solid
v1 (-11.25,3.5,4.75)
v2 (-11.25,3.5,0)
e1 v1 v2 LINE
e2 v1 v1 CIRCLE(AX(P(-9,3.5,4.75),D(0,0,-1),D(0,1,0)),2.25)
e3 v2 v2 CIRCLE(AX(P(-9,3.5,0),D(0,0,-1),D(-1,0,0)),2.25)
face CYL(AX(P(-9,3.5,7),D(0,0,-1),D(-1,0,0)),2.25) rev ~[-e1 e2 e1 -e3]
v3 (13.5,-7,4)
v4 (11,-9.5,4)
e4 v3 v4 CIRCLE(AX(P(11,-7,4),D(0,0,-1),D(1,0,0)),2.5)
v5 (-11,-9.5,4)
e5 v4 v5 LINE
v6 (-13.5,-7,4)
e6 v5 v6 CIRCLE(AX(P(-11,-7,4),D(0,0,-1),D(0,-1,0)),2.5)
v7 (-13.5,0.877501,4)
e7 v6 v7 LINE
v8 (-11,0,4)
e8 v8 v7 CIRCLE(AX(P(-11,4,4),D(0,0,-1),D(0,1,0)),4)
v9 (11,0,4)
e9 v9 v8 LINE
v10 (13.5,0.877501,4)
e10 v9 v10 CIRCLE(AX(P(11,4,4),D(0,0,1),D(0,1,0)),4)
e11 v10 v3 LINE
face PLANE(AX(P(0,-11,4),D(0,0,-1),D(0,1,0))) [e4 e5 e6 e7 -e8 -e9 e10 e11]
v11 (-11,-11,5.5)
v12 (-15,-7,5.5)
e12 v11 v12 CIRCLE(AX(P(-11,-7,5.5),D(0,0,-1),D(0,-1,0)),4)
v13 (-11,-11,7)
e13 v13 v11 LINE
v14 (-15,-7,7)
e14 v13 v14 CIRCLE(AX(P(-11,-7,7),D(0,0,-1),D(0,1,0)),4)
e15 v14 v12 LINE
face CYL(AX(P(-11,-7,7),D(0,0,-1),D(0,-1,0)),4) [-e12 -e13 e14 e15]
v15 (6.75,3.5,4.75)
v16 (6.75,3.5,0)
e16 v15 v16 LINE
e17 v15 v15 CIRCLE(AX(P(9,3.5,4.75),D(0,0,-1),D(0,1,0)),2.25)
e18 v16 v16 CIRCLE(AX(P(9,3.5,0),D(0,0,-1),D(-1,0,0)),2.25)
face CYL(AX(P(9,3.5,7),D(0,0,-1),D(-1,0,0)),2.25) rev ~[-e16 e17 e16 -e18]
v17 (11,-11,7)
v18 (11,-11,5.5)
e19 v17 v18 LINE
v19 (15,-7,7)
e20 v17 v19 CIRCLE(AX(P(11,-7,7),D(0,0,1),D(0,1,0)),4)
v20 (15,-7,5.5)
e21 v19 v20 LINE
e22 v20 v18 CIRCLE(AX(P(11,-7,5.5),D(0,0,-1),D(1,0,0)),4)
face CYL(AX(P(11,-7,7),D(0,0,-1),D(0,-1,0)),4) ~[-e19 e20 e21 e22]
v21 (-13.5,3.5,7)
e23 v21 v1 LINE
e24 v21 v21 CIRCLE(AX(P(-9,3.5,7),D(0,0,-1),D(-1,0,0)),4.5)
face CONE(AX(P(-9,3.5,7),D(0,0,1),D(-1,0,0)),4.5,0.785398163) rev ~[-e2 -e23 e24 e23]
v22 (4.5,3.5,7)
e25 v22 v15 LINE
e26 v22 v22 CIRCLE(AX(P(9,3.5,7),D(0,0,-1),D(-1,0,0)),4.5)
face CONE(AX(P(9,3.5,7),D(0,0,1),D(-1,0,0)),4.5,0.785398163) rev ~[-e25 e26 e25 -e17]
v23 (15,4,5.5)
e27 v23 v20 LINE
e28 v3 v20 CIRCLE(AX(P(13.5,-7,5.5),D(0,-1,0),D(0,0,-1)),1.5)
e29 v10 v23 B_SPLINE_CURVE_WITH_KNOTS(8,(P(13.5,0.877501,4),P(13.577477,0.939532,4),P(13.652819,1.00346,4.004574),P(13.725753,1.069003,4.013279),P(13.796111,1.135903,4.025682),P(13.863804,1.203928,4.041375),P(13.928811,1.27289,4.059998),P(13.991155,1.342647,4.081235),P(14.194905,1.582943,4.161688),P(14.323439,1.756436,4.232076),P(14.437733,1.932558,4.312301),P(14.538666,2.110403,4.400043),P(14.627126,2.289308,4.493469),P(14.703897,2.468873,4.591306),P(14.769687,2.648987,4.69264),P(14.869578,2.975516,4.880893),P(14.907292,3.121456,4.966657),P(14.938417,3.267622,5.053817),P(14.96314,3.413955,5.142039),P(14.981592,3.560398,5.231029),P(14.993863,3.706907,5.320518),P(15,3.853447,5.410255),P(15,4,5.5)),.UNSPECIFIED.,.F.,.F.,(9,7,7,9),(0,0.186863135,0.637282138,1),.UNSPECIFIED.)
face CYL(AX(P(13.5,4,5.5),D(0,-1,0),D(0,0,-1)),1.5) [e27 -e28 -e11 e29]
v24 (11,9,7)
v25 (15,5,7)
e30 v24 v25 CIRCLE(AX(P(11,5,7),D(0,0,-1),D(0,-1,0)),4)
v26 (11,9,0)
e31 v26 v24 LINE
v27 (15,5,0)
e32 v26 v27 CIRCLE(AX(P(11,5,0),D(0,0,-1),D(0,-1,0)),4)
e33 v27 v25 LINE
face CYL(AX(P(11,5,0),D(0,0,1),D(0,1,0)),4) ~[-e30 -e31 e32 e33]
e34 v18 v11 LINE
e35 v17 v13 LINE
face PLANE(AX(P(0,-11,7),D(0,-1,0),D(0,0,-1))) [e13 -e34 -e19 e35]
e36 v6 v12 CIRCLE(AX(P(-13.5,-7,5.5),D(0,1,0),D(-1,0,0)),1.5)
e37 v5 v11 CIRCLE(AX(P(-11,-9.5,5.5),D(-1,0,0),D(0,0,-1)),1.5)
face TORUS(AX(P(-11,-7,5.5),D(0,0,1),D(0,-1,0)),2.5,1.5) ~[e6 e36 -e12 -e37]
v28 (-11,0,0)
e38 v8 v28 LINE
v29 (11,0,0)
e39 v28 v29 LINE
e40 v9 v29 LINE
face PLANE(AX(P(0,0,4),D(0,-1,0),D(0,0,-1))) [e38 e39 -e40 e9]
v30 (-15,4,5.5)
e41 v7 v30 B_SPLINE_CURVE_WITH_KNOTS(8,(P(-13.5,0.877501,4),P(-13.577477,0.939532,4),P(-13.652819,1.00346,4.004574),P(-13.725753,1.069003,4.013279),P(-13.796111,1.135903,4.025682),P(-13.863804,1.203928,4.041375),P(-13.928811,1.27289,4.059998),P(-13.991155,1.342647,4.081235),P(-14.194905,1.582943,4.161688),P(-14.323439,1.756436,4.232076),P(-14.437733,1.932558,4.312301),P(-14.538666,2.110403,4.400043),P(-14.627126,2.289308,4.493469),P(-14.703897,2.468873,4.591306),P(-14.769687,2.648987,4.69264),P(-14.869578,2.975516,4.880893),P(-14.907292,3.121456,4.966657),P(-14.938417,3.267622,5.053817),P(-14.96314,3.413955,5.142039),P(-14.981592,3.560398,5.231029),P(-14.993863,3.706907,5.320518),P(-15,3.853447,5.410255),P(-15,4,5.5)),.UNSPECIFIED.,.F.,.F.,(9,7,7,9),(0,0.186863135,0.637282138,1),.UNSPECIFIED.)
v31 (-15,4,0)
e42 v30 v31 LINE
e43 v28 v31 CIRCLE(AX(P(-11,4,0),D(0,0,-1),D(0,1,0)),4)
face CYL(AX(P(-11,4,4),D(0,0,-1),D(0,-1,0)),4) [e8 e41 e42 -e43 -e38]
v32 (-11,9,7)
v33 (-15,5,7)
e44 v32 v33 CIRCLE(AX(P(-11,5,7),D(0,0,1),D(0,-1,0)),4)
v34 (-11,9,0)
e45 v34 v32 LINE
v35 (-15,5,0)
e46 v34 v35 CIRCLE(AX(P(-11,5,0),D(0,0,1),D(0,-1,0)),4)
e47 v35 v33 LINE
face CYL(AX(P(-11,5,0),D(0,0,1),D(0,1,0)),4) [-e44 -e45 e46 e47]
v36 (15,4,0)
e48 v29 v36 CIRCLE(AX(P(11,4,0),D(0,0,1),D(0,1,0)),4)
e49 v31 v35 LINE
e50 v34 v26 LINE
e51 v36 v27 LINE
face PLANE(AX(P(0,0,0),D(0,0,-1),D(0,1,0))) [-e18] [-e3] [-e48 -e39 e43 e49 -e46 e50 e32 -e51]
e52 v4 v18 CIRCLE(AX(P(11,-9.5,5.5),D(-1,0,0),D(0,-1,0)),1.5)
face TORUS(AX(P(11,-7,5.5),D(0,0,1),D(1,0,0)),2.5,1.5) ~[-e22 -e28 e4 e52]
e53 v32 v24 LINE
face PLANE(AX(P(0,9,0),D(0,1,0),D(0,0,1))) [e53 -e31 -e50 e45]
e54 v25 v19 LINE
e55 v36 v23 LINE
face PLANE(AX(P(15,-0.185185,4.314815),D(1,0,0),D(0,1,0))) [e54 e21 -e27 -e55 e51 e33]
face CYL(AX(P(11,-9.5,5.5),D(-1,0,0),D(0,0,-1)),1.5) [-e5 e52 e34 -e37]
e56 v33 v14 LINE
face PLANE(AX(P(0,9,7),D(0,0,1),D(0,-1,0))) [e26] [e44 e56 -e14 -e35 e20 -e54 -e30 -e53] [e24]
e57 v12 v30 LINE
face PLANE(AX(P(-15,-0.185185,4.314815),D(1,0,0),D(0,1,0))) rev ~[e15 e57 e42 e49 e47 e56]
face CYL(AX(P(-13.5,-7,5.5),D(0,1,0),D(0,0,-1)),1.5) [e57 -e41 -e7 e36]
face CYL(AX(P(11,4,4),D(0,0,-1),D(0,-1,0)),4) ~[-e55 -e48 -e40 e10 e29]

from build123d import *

# Parameters (mm, degrees)
F1_DEPTH       = 15
F3_D           = 4.5
F3_CSINK_D     = 9
F3_CSINK_ANGLE = 90
F4_R           = 4
F5_R           = 1.5


with BuildPart() as f1:
    # F0 (on Right) → F1 (new body, symmetric)
    with BuildSketch(Plane.YZ):
        Polygon((0, 4), (0, 0), (9, 0), (9, 7), (-11, 7), (-11, 4), align=None)
    extrude(amount=F1_DEPTH, both=True)

    # F3 (through all)
    with Locations(Plane.XY.offset(7)):
        with Locations((-9, 3.5), (9, 3.5)):
            CounterSinkHole(F3_D / 2, F3_CSINK_D / 2, counter_sink_angle=F3_CSINK_ANGLE)

    # F4
    f4_edges = [f1.edges().sort_by_distance(p)[0] for p in [
        (15, -11, 5.5),
        (-15, -11, 5.5),
        (15, 0, 2),
        (-15, 0, 2),
        (-15, 9, 3.5),
        (15, 9, 3.5),
    ]]
    fillet(f4_edges, radius=F4_R)

    # F5
    f5_edges = [f1.edges().sort_by_distance(p)[0] for p in [
        (-15, -3.5, 4),
    ]]
    fillet(f5_edges, radius=F5_R)


solid = f1.part
